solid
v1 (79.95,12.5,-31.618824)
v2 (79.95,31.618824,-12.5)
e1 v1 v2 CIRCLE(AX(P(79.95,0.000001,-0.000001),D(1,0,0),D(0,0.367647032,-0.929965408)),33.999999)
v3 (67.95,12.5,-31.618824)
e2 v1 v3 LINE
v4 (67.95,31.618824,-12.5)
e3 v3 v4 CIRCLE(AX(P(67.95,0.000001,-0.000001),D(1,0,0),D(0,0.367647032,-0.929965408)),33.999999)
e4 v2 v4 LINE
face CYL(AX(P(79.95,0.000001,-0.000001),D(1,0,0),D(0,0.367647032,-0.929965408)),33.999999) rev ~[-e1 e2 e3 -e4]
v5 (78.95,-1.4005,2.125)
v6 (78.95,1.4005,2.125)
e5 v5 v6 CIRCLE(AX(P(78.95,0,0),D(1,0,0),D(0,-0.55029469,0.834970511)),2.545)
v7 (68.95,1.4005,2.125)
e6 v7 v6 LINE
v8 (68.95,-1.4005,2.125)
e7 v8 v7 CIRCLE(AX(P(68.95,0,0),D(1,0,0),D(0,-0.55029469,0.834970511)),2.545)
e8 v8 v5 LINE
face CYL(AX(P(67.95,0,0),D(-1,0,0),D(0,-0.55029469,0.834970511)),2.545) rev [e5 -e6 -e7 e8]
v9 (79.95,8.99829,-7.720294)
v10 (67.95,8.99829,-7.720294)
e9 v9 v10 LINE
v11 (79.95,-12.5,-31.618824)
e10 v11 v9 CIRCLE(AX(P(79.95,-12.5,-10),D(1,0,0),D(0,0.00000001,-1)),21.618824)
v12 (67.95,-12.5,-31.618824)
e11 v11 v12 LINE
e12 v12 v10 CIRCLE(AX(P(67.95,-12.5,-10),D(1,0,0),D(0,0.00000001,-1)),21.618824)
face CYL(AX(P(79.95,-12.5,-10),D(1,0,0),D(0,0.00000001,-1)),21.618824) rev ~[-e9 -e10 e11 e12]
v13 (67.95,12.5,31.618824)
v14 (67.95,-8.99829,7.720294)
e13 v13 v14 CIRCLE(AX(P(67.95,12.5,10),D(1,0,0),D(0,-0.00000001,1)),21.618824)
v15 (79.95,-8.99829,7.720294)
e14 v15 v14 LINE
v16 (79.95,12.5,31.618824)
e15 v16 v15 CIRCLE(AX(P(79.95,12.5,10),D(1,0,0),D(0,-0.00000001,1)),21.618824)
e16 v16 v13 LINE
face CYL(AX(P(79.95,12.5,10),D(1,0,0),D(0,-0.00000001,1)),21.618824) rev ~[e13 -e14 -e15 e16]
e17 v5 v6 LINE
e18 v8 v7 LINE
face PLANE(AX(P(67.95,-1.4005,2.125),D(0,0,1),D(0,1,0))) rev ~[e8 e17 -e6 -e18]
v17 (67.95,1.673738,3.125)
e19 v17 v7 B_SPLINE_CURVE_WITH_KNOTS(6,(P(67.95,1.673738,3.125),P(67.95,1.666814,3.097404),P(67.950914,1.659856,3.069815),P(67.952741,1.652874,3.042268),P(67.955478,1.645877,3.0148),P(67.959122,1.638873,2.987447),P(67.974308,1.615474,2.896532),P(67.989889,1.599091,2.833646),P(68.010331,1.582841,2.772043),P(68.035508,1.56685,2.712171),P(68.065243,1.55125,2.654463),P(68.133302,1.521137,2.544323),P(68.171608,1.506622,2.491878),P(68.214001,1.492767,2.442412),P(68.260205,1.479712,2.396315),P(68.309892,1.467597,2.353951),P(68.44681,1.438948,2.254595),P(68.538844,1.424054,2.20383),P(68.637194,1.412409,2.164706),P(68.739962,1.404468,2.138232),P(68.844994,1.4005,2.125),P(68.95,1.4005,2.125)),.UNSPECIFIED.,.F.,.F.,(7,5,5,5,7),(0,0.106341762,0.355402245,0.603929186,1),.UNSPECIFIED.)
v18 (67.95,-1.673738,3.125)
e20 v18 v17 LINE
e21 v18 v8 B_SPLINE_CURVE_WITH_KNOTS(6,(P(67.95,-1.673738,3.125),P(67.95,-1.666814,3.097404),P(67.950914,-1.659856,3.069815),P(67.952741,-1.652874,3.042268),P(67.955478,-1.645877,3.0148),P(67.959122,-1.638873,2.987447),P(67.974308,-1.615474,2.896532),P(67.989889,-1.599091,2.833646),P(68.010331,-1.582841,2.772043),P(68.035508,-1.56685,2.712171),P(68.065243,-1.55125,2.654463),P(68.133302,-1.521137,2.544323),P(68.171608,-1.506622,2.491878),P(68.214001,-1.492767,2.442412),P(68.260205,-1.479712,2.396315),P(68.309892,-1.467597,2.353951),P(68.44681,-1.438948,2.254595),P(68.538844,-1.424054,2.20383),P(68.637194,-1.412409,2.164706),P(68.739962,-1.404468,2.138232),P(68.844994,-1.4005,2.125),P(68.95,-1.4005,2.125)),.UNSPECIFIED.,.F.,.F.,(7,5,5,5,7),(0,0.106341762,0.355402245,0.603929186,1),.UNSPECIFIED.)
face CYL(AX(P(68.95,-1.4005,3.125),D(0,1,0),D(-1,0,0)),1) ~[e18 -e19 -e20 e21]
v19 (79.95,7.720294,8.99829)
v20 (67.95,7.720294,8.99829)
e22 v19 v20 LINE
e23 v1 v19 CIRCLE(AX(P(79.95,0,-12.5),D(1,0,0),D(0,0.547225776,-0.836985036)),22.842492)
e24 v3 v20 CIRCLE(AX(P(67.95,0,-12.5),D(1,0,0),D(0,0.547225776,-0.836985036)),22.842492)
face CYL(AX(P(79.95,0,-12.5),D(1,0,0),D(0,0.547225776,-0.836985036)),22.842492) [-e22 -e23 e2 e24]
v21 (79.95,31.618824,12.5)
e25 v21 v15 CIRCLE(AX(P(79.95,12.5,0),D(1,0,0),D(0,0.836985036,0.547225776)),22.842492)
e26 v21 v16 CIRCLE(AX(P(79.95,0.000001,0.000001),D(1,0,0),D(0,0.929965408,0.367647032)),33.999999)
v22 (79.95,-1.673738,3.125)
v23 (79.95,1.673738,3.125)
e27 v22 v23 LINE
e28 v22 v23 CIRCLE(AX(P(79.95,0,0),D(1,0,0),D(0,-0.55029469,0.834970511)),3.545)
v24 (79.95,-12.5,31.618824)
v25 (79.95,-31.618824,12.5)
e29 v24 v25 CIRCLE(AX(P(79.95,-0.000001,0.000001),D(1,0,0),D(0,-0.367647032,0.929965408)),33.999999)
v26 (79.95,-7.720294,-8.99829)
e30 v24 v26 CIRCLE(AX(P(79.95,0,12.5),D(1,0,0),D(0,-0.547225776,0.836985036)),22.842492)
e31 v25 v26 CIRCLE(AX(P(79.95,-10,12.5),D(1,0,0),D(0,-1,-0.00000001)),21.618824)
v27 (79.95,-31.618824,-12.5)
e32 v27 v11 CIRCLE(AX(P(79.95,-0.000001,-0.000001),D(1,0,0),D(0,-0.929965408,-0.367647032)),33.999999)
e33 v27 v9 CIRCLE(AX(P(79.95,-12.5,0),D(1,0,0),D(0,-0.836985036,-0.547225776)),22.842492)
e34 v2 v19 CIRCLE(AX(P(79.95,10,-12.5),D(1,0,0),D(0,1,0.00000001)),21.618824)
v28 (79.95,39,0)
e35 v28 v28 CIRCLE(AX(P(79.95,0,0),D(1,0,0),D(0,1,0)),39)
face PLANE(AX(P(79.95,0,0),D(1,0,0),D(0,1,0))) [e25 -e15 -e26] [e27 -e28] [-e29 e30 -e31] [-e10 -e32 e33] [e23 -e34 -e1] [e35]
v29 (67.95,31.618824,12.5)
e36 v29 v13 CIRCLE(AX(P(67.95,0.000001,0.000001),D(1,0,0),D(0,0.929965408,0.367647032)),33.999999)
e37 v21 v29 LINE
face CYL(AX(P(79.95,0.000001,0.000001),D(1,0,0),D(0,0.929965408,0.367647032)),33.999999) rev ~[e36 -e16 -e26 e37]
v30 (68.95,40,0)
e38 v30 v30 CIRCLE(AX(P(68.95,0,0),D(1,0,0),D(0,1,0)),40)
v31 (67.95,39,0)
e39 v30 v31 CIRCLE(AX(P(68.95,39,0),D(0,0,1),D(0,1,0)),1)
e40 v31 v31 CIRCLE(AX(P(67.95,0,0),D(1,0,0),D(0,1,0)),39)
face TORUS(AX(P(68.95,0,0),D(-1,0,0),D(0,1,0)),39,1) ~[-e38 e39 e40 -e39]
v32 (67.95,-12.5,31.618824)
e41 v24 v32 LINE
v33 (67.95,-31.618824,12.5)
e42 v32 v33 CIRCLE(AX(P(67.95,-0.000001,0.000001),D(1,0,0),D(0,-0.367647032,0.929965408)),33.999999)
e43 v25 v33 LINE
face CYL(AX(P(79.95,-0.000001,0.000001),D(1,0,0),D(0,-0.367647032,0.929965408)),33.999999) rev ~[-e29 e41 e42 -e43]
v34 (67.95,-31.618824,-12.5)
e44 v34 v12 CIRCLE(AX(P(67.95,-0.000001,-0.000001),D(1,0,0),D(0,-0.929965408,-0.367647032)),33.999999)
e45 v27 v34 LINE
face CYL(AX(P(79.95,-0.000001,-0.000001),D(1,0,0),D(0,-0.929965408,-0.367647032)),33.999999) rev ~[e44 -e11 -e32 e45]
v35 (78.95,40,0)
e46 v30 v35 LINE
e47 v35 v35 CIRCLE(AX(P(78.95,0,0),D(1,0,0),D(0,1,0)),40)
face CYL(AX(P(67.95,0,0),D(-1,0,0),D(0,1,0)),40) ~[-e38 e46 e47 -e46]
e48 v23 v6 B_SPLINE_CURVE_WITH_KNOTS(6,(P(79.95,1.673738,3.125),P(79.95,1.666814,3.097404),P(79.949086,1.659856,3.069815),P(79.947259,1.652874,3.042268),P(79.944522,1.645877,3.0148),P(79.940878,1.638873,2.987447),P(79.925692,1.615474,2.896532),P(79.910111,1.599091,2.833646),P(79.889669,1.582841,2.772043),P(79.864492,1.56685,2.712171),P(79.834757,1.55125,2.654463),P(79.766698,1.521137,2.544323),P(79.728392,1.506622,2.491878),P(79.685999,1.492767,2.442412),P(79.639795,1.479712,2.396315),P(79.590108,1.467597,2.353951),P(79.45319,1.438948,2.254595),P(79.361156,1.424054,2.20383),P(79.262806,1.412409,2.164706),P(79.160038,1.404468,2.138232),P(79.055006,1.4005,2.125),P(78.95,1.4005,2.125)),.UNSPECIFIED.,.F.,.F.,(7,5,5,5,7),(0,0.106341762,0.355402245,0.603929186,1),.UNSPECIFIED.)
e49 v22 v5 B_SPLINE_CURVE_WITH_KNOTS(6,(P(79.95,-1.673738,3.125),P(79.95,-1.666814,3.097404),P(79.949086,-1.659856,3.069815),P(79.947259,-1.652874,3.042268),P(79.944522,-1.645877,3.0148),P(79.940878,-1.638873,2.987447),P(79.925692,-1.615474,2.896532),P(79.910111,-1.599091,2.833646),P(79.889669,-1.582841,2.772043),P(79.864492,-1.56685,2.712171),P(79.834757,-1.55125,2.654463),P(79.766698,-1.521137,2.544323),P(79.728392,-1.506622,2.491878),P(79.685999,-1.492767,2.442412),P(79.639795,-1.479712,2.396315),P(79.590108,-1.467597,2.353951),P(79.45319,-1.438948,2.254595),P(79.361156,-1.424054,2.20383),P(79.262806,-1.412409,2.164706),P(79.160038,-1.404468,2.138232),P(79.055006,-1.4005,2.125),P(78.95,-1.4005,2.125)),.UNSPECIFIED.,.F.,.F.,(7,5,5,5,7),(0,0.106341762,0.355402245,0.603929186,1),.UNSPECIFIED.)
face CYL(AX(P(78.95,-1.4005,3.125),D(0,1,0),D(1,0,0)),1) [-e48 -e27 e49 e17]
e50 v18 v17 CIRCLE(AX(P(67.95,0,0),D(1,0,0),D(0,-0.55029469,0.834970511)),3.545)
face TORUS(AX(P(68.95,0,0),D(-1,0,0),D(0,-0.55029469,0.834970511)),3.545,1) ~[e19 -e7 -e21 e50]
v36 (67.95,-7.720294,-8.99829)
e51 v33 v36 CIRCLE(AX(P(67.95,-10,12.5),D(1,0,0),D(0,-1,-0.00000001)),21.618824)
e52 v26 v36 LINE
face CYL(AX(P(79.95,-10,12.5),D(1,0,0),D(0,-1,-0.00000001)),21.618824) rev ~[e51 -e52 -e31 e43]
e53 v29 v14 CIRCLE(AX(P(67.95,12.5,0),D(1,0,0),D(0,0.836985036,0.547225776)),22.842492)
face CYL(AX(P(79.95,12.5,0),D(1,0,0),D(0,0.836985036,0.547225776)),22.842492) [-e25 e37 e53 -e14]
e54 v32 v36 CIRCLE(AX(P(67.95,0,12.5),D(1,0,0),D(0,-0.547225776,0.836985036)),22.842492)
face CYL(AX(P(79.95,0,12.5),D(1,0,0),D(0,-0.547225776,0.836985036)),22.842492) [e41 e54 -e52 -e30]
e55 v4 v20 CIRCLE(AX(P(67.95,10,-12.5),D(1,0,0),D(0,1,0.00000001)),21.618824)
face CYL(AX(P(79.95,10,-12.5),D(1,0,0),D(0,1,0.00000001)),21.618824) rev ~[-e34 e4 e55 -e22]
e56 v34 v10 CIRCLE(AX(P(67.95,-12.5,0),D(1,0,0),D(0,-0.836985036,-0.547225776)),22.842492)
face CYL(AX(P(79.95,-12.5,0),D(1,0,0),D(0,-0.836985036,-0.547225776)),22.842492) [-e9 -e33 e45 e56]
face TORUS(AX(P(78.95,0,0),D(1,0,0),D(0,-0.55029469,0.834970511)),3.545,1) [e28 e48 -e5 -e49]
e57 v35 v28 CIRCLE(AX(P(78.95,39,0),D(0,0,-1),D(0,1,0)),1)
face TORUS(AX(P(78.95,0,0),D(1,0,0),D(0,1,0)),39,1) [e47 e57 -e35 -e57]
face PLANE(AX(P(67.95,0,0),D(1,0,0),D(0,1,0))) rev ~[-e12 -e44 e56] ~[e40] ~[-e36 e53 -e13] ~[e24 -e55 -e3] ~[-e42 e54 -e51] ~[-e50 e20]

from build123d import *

# Parameters (mm, degrees)
SKETCH051_R     = 40
PAD040_DEPTH    = 12
POCKET008_DEPTH = 12
FILLET002_R     = 1


with BuildPart() as part:
    # Sketch051 → Pad040 (new body)
    with BuildSketch(Plane.YZ.offset(67.95)):
        Circle(SKETCH051_R)
        with BuildLine():
            ThreePointArc((-1.4005, 2.125), (0, -2.545), (1.4005, 2.125))
            Line((-1.4005, 2.125), (1.4005, 2.125))
        make_face(mode=Mode.SUBTRACT)
    extrude(amount=PAD040_DEPTH)

    # Sketch052 (on Face5 of Pad040) → Pocket008 (cut)
    with BuildSketch(Plane.YZ.offset(79.95)):
        with BuildLine():
            ThreePointArc((-12.5, 31.618824), (-24.041631, 24.041631), (-31.618824, 12.5))
            ThreePointArc((-31.618824, 12.5), (-24.458371, -3.572618), (-7.720294, -8.99829))
            ThreePointArc((-12.5, 31.618824), (-22.685955, 9.830382), (-7.720294, -8.99829))
        make_face()
        with BuildLine():
            ThreePointArc((31.618824, 12.5), (24.041631, 24.041631), (12.5, 31.618824))
            ThreePointArc((12.5, 31.618824), (-3.572618, 24.458371), (-8.99829, 7.720294))
            ThreePointArc((31.618824, 12.5), (9.830382, 22.685955), (-8.99829, 7.720294))
        make_face()
        with BuildLine():
            ThreePointArc((12.5, -31.618824), (24.041631, -24.041631), (31.618824, -12.5))
            ThreePointArc((31.618824, -12.5), (24.458371, 3.572618), (7.720294, 8.99829))
            ThreePointArc((12.5, -31.618824), (22.685955, -9.830382), (7.720294, 8.99829))
        make_face()
        with BuildLine():
            ThreePointArc((-31.618824, -12.5), (-24.041631, -24.041631), (-12.5, -31.618824))
            ThreePointArc((-12.5, -31.618824), (3.572618, -24.458371), (8.99829, -7.720294))
            ThreePointArc((-31.618824, -12.5), (-9.830382, -22.685955), (8.99829, -7.720294))
        make_face()
    extrude(amount=-POCKET008_DEPTH, mode=Mode.SUBTRACT)

    # Fillet002
    fillet002_edges = [part.edges().sort_by_distance(p)[0] for p in [
        (67.95, 0, 2.125),
        (67.95, 0, -2.545),
        (67.95, -40, 0),
        (79.95, -40, 0),
        (79.95, 0, 2.125),
        (79.95, 0, -2.545),
    ]]
    fillet(fillet002_edges, radius=FILLET002_R)


solid = part.part
